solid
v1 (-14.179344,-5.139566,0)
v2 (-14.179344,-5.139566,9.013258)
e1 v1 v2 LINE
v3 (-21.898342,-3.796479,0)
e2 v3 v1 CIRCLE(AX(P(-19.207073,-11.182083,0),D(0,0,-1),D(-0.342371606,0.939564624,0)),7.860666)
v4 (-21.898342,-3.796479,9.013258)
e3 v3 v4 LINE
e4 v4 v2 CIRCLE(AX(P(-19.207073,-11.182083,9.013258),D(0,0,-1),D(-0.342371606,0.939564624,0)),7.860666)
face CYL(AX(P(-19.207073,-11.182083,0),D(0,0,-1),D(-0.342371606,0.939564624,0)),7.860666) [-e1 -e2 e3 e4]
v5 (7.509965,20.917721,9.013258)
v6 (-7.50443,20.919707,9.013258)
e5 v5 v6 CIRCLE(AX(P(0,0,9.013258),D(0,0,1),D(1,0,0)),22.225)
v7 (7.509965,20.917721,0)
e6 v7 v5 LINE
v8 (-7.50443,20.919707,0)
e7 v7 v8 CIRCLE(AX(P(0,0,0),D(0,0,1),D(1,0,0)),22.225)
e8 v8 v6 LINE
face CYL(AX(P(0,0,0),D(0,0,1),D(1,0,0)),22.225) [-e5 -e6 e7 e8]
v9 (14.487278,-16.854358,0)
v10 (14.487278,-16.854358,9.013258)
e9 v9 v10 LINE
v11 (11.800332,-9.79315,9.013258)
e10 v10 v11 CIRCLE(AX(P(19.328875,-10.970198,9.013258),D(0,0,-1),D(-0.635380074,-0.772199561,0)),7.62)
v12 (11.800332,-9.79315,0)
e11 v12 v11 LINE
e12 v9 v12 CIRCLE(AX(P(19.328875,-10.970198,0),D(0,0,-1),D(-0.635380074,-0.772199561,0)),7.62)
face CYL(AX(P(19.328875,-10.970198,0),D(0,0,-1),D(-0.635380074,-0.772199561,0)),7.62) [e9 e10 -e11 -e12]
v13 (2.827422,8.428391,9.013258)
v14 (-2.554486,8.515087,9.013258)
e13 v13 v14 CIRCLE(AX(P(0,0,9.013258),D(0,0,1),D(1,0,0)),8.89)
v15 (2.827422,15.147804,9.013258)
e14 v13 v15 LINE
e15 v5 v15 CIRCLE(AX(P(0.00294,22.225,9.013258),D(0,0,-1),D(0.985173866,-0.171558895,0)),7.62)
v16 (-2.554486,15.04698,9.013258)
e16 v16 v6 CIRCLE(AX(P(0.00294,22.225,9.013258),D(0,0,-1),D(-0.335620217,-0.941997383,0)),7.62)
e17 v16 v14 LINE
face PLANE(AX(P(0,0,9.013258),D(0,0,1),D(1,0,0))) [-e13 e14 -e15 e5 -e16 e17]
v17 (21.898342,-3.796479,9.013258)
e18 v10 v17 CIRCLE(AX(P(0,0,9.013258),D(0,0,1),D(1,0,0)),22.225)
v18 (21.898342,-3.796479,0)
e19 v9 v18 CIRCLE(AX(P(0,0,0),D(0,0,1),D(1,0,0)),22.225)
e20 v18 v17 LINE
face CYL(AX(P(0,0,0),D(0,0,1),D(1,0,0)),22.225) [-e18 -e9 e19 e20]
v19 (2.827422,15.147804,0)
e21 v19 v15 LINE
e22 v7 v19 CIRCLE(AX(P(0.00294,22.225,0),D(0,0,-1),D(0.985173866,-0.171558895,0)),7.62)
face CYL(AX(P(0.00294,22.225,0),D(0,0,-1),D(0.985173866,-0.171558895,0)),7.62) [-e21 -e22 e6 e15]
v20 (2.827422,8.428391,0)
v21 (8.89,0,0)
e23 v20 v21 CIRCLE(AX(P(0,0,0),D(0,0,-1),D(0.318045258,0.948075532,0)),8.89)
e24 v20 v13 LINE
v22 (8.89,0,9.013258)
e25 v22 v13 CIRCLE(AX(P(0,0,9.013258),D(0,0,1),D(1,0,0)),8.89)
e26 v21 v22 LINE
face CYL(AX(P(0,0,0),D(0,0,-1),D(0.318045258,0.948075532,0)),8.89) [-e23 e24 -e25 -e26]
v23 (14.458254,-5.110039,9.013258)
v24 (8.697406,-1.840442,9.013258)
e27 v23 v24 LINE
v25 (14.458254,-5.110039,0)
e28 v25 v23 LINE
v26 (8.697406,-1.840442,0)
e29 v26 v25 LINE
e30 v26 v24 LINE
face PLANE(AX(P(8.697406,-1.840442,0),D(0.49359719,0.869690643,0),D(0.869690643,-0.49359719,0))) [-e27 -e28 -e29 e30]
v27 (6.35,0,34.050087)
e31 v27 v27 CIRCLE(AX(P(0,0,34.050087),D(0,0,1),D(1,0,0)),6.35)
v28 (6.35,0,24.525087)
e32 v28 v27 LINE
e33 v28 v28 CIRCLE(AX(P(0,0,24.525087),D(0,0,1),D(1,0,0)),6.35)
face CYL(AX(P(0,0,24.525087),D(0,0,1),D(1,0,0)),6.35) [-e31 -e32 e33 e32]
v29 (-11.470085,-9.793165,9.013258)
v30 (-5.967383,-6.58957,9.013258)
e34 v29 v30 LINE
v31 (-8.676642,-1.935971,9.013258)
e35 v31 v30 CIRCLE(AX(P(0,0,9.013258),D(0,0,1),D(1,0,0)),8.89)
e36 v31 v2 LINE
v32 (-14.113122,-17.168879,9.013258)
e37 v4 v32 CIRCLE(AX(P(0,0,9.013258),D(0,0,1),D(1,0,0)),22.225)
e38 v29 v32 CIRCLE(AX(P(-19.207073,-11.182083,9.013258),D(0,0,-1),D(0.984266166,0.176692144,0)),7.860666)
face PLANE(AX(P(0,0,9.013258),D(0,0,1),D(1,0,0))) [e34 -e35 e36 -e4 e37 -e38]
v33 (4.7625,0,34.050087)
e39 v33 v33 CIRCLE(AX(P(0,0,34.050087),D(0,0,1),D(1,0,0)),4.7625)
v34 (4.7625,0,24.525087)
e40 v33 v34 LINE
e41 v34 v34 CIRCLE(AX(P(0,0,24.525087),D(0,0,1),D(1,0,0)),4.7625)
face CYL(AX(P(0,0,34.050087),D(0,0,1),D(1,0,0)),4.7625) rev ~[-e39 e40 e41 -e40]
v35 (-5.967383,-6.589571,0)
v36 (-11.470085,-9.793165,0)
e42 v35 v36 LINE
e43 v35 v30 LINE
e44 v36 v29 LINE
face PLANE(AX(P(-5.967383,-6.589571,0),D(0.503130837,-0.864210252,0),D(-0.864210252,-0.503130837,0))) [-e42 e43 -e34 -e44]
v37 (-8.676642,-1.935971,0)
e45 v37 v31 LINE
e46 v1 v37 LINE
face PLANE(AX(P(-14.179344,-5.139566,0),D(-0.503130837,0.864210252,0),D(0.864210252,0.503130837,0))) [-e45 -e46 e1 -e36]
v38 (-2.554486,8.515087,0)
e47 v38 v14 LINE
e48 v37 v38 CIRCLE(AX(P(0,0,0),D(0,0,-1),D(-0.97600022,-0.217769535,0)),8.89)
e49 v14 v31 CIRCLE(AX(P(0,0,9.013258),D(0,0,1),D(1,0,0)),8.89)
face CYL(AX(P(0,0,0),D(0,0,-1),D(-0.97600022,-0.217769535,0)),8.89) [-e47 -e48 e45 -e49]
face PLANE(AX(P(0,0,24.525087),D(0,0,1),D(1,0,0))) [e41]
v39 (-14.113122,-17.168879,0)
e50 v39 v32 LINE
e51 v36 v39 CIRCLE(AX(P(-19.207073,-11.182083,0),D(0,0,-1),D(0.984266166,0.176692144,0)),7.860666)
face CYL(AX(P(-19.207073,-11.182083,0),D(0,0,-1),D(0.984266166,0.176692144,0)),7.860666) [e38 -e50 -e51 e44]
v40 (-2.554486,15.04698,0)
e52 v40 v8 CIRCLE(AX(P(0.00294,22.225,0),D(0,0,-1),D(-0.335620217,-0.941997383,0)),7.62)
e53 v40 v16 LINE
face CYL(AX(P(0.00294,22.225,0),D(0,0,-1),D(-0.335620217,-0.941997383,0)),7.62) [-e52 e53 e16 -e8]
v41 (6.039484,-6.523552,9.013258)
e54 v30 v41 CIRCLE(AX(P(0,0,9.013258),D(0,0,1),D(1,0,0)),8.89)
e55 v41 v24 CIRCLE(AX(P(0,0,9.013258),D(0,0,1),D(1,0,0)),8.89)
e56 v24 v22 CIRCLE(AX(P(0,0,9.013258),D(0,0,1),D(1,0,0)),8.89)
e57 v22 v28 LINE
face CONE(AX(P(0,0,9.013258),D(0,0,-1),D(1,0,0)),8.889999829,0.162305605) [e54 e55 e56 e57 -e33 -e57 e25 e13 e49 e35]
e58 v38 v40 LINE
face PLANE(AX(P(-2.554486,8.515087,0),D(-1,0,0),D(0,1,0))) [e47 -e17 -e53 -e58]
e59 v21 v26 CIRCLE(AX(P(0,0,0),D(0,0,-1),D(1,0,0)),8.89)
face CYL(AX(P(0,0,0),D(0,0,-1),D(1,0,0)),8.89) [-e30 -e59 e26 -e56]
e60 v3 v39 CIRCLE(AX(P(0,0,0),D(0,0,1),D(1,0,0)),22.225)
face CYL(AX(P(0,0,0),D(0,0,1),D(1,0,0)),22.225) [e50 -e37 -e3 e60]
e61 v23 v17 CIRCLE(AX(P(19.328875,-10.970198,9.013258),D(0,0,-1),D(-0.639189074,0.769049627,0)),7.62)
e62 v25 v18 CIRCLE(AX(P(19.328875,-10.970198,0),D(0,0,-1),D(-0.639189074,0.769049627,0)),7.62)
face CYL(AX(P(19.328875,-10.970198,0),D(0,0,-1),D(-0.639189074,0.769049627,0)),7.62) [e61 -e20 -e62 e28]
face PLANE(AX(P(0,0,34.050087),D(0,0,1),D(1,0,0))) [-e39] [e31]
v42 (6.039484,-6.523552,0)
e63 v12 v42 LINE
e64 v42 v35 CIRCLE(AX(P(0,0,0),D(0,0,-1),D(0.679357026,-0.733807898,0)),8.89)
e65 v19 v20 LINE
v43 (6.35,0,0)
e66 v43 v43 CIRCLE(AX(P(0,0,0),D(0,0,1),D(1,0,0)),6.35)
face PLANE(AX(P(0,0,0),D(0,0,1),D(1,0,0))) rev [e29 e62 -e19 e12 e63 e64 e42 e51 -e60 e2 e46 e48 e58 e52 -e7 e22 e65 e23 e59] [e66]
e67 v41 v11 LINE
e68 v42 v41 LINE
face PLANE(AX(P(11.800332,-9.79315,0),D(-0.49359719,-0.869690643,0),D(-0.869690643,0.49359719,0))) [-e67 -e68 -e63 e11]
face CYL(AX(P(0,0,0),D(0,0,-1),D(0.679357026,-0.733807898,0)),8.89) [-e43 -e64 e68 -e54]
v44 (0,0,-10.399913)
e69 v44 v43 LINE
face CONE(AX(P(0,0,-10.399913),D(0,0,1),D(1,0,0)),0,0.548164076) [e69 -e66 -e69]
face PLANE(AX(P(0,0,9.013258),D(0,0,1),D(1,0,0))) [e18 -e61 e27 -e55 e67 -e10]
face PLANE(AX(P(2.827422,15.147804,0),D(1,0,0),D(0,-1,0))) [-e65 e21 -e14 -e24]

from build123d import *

# Parameters (mm, degrees)
F3_DEPTH = 14.097
F4_R     = 4.7625
F5_DEPTH = 9.525


with BuildPart() as f1:
    # F0 (on Front) → F1 (revolve)
    with BuildSketch(Plane.XZ):
        Polygon((6.35, 24.5250865847), (6.35, 34.0500865847), (0, 34.0500865847), (0, -10.3999134153), (6.35, 0), (22.225, 0), (22.225, 9.0132579207), (8.8899998294, 9.0132579207), align=None)
    revolve(axis=Axis((0, 0, 11.8250865847), (0, 0, 1)))

    # F2 (on Top) → F3 (cut)
    with BuildSketch(Plane.XY):
        with BuildLine():
            ThreePointArc((-14.113121628, -17.1688794892), (0.2443956371, -22.2236562197), (14.487278372, -16.8543582011))
            ThreePointArc((14.487278372, -16.8543582011), (12.207059324, -13.6802064233), (11.8003316443, -9.7931495662))
            Line((11.8003316443, -9.7931495662), (6.0394839652, -6.5235522098))
            ThreePointArc((6.0394839652, -6.5235522098), (0.0488798663, -8.889865621), (-5.9673830231, -6.5895705365))
            Line((-5.9673830231, -6.5895705365), (-11.470085079, -9.7931648991))
            ThreePointArc((-11.470085079, -9.7931648991), (-11.8071714813, -13.8337865787), (-14.113121628, -17.1688794892))
        make_face()
        with BuildLine():
            ThreePointArc((21.8983417722, -3.7964789779), (22.1431848532, -1.9052531477), (22.225, 0))
            ThreePointArc((22.225, 0), (18.1777280494, 12.7875262644), (7.5099648628, 20.9177210221))
            ThreePointArc((7.5099648628, 20.9177210221), (5.9196955053, 17.4232913204), (2.8274223411, 15.1478040653))
            Line((2.8274223411, 15.1478040653), (2.8274223411, 8.4283914779))
            ThreePointArc((2.8274223411, 8.4283914779), (7.2169205556, 5.1911614976), (8.89, 0))
            ThreePointArc((8.89, 0), (8.8417204308, -0.9252458182), (8.6974061138, -1.8404420369))
            Line((8.6974061138, -1.8404420369), (14.4582537929, -5.1100393933))
            ThreePointArc((14.4582537929, -5.1100393933), (18.0040397888, -3.4662510593), (21.8983417722, -3.7964789779))
        make_face()
        with BuildLine():
            ThreePointArc((-2.5544860487, 15.0469797465), (-5.8234880662, 17.3140797385), (-7.5044304492, 20.9197071833))
            ThreePointArc((-7.5044304492, 20.9197071833), (-19.2055517537, 11.1846952054), (-21.8983417722, -3.7964789779))
            ThreePointArc((-21.8983417722, -3.7964789779), (-17.8595819955, -3.4377725991), (-14.1793440119, -5.1395655315))
            Line((-14.1793440119, -5.1395655315), (-8.676641956, -1.9359711689))
            ThreePointArc((-8.676641956, -1.9359711689), (-7.6707699458, 4.4934828851), (-2.5544860487, 8.5150866717))
            Line((-2.5544860487, 8.5150866717), (-2.5544860487, 15.0469797465))
        make_face()
    extrude(amount=F3_DEPTH, mode=Mode.SUBTRACT)

    # F4 (on face) → F5 (cut)
    with BuildSketch(Plane.XY.offset(34.0500865847)):
        Circle(F4_R)
    extrude(amount=-F5_DEPTH, mode=Mode.SUBTRACT)


solid = f1.part
